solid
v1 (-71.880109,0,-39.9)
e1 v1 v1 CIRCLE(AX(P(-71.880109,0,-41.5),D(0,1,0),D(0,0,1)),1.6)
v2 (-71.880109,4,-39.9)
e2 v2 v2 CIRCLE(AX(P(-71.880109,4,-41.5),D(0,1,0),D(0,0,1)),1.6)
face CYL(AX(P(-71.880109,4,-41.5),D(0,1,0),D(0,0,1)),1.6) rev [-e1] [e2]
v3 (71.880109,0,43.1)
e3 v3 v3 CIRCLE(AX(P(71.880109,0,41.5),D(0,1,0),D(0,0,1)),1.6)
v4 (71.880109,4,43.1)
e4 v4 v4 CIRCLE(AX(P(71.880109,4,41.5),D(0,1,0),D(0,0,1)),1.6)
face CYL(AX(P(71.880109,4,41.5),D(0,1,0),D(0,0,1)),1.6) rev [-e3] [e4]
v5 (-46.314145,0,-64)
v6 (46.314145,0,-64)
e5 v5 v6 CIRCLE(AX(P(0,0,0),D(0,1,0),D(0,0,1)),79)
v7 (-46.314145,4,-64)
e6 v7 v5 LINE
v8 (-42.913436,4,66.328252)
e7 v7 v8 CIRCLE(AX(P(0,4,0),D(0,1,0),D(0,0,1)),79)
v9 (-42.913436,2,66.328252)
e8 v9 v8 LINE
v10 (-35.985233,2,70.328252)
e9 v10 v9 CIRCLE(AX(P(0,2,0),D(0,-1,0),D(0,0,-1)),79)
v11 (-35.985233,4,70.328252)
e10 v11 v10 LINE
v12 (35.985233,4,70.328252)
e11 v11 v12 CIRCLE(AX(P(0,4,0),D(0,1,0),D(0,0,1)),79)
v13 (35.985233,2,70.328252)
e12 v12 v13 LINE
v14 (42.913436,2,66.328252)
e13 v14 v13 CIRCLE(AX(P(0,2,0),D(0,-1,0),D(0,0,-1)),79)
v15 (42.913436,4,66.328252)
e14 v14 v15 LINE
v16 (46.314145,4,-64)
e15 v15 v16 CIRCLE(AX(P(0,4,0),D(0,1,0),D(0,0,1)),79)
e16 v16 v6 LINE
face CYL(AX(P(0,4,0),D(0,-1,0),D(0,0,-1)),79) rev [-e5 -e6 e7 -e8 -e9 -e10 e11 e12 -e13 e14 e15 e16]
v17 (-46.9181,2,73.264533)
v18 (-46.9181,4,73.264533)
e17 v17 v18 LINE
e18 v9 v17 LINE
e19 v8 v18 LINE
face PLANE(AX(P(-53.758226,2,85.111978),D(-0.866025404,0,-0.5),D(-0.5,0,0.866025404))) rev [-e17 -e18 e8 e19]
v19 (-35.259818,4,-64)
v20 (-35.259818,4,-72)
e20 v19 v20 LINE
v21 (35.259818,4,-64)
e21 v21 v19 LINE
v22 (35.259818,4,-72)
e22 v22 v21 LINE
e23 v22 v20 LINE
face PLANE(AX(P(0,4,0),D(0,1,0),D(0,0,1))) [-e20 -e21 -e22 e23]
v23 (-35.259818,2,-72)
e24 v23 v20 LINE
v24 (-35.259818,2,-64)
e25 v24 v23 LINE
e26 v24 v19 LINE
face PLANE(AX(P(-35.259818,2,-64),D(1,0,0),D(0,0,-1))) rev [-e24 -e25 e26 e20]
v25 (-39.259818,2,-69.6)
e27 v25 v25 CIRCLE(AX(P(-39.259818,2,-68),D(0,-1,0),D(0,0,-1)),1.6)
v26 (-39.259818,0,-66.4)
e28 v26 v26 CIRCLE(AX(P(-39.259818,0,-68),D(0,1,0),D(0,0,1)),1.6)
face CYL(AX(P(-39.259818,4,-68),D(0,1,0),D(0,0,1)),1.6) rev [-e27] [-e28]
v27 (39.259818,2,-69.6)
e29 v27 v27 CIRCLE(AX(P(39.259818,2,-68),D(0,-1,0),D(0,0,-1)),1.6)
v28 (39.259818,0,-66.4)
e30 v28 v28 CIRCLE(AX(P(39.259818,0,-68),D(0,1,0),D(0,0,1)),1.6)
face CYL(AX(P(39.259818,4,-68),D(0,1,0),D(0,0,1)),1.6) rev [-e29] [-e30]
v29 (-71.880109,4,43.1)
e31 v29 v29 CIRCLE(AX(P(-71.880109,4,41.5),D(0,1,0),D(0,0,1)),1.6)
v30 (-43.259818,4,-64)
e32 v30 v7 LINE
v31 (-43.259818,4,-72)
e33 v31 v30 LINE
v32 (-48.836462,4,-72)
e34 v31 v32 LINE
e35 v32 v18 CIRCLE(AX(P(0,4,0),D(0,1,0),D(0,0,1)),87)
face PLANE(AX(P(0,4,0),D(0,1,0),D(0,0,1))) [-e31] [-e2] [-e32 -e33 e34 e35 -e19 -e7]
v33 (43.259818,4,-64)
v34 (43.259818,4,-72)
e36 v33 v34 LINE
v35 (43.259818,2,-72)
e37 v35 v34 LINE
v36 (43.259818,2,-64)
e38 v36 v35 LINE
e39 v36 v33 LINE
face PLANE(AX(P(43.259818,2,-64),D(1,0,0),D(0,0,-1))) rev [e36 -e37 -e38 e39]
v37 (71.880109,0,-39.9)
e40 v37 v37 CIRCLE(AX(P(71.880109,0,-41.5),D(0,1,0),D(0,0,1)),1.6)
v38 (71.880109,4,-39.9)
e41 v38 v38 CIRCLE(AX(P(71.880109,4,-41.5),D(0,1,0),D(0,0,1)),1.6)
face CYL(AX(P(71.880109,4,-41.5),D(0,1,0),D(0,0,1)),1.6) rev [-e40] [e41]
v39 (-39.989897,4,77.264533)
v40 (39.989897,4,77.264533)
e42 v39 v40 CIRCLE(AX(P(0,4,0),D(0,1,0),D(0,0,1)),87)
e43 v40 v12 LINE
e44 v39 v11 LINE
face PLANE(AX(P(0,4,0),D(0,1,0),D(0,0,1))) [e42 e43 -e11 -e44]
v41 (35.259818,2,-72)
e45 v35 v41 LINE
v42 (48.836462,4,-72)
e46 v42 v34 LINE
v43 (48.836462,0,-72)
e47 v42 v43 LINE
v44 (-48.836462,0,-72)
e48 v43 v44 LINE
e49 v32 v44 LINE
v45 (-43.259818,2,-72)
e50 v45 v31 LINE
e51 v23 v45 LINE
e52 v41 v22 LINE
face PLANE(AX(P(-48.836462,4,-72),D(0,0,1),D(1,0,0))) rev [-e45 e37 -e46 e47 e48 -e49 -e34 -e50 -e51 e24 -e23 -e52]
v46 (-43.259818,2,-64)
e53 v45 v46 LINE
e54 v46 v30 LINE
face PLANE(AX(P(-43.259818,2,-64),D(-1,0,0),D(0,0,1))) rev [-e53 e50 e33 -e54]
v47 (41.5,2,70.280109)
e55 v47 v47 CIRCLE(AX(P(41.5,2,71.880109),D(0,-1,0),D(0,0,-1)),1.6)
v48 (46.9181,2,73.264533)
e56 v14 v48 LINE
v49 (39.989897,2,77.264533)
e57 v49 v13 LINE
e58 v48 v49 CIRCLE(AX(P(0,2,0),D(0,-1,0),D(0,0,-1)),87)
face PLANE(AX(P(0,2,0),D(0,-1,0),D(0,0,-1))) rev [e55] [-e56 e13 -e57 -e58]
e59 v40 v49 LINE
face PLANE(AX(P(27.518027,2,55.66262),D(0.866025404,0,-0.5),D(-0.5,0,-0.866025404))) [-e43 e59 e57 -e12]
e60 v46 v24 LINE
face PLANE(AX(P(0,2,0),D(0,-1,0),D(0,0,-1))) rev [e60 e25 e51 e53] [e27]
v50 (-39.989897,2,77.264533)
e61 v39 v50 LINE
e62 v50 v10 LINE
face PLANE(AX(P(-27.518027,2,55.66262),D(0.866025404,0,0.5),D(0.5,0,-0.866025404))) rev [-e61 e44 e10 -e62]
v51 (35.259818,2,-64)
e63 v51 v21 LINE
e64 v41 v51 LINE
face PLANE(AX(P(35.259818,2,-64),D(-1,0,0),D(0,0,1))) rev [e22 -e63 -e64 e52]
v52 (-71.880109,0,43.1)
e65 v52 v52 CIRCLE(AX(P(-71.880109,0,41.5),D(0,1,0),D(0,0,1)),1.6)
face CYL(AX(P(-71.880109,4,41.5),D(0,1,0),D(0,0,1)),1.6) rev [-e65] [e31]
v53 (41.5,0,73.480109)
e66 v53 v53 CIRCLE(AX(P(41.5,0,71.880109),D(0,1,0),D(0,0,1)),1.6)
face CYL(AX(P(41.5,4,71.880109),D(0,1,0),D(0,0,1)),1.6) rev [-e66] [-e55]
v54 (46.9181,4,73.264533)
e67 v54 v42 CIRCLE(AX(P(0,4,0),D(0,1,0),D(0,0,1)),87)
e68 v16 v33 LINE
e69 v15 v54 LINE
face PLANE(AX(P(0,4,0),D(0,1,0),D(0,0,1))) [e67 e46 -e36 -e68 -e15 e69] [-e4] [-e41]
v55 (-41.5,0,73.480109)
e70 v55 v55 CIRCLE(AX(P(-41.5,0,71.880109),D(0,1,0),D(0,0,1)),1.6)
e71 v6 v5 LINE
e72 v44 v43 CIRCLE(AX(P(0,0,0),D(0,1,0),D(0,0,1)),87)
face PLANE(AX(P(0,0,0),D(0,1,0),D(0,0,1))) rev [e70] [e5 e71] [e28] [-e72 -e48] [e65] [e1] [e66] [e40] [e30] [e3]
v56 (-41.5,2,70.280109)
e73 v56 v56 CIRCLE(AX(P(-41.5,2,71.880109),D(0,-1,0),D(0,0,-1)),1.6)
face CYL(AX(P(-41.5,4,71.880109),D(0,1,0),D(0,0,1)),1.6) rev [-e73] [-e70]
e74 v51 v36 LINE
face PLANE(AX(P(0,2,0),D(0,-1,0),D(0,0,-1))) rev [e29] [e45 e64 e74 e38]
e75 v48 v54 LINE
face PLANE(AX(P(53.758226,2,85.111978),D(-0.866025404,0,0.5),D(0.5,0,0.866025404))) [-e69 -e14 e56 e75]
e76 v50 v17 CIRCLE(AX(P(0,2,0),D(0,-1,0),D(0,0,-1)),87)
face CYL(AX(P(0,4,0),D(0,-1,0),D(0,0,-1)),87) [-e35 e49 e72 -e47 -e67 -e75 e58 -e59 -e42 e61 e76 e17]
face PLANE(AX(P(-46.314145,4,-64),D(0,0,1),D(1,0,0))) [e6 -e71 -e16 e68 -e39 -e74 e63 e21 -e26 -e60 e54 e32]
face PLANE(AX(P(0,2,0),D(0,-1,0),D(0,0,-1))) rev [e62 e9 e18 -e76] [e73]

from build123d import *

# Parameters (mm, degrees)
BOSS_EXTRUDE1_DEPTH  = 4
SKETCH2_W            = 8
SKETCH2_H            = 8
CUT_EXTRUDE1_DEPTH   = 2
M3_CLEARANCE_HOLE1_D = 3.2


with BuildPart() as part:
    # Sketch1 → Boss-Extrude1 (new body)
    with BuildSketch(Plane(origin=(0, 0, 0), x_dir=(1, 0, 0), z_dir=(0, 1, 0))):
        with BuildLine():
            Line((-48.836461788, 72), (48.836461788, 72))
            ThreePointArc((48.836461788, 72), (0, -87), (-48.836461788, 72))
        make_face()
        with BuildLine():
            Line((-46.314144708, 64), (46.314144708, 64))
            ThreePointArc((46.314144708, 64), (0, -79), (-46.314144708, 64))
        make_face(mode=Mode.SUBTRACT)
    extrude(amount=BOSS_EXTRUDE1_DEPTH)

    # Sketch2 → Cut-Extrude1 (cut)
    with BuildSketch(Plane(origin=(0, 4, 0), x_dir=(1, 0, 0), z_dir=(0, 1, 0))):
        with Locations((-39.259818305, 68)):
            Rectangle(SKETCH2_W, SKETCH2_H)
        with Locations((39.259818305, 68)):
            Rectangle(SKETCH2_W, SKETCH2_H)
        Polygon((-53.75822561, -85.111978082), (-34.446229734, -51.662620029), (-27.518026504, -55.662620029), (-46.83002238, -89.111978082), align=None)
    cut_extrude1 = extrude(amount=-CUT_EXTRUDE1_DEPTH, mode=Mode.SUBTRACT)

    # Mirror1: Cut-Extrude1 across plane
    add(cut_extrude1.mirror(Plane(origin=(0, 0, 0), x_dir=(0, 0, 1), z_dir=(1, 0, 0))), mode=Mode.SUBTRACT)

    # M3 Clearance Hole1 (through all)
    with Locations(Plane(origin=(71.880108514, 4, 41.5), x_dir=(0, 0, 1), z_dir=(0, 1, 0))):
        with Locations((0, 0), (30.380108514, -30.380108514), (30.380108514, -113.380108514), (-83, -143.760217028), (0, -143.760217028), (-83, 0), (-109.5, -111.139926819), (-109.5, -32.620290209)):
            Hole(M3_CLEARANCE_HOLE1_D / 2)


solid = part.part
